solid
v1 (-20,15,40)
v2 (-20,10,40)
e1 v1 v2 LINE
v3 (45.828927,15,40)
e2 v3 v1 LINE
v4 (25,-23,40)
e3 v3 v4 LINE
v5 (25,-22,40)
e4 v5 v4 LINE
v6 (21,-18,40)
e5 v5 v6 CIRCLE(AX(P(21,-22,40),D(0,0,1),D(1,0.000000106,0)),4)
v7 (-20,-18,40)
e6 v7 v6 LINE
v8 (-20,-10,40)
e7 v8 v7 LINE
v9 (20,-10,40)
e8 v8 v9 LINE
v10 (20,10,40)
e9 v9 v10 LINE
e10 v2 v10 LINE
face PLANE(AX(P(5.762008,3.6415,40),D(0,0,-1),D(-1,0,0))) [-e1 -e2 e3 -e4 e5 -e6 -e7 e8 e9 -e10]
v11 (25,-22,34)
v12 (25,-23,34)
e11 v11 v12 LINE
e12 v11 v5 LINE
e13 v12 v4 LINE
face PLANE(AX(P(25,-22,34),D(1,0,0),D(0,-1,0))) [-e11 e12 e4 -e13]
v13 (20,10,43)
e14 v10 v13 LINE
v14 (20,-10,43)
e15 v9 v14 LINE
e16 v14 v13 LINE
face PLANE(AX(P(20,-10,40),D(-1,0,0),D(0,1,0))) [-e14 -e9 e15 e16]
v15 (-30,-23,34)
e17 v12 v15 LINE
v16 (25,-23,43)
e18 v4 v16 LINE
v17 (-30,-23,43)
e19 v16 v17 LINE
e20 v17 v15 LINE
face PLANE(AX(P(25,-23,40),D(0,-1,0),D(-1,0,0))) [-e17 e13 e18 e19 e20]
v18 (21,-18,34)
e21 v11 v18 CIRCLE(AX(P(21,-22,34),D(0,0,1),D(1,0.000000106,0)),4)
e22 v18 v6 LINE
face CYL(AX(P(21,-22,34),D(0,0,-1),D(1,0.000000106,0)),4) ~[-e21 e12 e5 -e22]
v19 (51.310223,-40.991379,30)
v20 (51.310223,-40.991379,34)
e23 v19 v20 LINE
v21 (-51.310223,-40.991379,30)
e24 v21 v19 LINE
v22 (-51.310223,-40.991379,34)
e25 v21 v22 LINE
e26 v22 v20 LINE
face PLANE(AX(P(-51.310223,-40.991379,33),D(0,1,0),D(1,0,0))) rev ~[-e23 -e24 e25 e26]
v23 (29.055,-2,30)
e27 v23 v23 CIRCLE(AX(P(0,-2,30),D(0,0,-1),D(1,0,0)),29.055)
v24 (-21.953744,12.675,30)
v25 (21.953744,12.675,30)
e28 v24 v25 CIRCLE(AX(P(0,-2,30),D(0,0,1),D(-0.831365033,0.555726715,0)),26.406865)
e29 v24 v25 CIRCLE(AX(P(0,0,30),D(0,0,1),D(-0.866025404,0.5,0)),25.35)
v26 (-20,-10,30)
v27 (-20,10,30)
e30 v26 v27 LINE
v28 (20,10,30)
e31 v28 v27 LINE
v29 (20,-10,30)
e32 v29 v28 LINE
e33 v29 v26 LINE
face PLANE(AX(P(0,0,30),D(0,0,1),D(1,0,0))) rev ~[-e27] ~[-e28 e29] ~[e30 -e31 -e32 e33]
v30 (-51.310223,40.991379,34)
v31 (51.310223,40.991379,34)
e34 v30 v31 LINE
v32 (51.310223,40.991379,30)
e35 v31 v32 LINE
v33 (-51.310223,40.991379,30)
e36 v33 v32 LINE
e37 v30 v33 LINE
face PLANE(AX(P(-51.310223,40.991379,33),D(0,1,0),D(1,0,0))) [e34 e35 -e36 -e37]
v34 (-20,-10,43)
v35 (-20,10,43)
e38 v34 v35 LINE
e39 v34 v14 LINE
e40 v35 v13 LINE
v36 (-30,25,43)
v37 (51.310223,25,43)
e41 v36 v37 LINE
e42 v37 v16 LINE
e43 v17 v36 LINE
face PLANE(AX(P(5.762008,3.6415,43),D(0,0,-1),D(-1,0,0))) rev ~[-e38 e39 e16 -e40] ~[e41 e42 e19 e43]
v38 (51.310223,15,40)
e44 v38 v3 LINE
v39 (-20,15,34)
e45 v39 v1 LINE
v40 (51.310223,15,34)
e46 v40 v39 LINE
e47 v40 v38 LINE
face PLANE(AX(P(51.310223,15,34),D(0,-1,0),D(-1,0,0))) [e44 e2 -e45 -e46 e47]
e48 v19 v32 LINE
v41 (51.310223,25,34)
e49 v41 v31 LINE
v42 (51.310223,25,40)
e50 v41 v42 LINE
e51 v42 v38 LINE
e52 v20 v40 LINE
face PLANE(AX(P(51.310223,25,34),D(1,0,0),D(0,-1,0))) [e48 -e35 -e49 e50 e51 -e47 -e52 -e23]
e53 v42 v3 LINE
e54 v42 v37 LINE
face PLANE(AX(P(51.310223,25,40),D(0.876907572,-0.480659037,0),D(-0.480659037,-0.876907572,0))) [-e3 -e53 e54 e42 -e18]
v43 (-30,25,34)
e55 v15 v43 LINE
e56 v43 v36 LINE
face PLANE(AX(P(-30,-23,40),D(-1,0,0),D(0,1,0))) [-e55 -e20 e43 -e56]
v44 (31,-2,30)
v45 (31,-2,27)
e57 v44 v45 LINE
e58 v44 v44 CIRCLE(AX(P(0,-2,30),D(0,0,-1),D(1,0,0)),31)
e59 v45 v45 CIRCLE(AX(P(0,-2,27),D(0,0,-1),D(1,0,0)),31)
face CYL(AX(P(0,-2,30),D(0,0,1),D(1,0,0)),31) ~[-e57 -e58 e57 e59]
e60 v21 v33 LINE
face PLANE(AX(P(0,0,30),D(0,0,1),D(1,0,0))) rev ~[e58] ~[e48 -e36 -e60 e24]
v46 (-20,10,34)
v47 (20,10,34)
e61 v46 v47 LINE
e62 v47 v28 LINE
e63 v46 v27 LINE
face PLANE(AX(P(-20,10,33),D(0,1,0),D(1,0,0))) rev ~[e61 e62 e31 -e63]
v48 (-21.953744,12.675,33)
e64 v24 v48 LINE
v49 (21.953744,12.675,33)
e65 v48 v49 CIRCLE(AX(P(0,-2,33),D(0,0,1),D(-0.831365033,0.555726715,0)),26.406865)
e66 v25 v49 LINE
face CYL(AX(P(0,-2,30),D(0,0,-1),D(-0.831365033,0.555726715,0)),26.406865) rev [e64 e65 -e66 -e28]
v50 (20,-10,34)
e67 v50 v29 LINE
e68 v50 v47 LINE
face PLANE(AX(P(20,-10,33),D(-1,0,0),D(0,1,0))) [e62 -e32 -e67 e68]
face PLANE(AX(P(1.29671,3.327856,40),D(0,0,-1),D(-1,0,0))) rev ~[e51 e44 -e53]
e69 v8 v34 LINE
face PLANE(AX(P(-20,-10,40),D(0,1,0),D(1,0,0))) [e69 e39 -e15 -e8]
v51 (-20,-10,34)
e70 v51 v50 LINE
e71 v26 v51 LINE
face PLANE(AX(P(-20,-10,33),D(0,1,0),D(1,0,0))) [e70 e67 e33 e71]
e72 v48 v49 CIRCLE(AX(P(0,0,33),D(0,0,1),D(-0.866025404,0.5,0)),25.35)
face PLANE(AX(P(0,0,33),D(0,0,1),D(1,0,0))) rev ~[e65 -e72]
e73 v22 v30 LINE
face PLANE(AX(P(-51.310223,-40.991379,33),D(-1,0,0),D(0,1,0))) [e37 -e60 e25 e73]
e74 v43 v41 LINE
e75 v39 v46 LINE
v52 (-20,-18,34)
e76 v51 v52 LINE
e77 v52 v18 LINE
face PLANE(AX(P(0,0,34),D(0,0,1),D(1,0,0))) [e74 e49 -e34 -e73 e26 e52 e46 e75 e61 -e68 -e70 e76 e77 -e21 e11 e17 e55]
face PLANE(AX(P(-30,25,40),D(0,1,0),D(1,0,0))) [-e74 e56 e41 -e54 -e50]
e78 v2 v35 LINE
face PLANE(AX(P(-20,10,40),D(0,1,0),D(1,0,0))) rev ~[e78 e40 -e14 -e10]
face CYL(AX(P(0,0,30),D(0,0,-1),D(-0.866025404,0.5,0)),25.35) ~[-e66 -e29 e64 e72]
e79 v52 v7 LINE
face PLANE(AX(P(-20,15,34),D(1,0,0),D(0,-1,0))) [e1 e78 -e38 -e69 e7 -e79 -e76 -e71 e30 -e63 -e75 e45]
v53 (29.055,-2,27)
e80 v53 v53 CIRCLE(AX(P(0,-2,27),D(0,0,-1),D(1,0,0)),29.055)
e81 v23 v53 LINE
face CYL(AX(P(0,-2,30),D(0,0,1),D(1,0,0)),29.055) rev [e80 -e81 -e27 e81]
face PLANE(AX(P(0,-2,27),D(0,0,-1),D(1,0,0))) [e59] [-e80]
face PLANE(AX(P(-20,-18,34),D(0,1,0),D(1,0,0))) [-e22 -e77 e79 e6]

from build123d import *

# Parameters (mm, degrees)
SKETCH005_W     = 102.620446
SKETCH005_H     = 81.982758
PAD005_DEPTH    = 3
SKETCH006_W     = 102.620446
SKETCH006_H     = 81.982758
SKETCH006_W_2   = 40
SKETCH006_H_2   = 20
PAD006_DEPTH    = 1
PAD006_FACE18_W = 20
PAD006_FACE18_H = 40
POCKET_DEPTH    = 3.001
SKETCH007_R     = 31
SKETCH007_R_2   = 29.055
PAD007_DEPTH    = 3
PAD013_DEPTH    = 6
SKETCH014_W     = 40
SKETCH014_H     = 20
PAD014_DEPTH    = 3


with BuildPart() as part:
    # Sketch005 → Pad005 (new body)
    with BuildSketch(Plane.XY):
        Rectangle(SKETCH005_W, SKETCH005_H)
        with BuildLine():
            ThreePointArc((-21.953744, 12.675), (0, -25.35), (21.953744, 12.675))
            ThreePointArc((-21.953744, 12.675), (0, -28.406865), (21.953744, 12.675))
        make_face(mode=Mode.SUBTRACT)
    extrude(amount=PAD005_DEPTH)

    # Sketch006 (on Face8 of Pad005) → Pad006 (join)
    with BuildSketch(Plane.XY.offset(3)):
        Rectangle(SKETCH006_W, SKETCH006_H)
        Rectangle(SKETCH006_W_2, SKETCH006_H_2, mode=Mode.SUBTRACT)
    extrude(amount=PAD006_DEPTH)

    # Pad006 Face18 → Pocket (cut, through all)
    with BuildSketch(Plane(origin=(0, 0, 3), x_dir=(0, 1, 0), z_dir=(0, 0, 1))):
        Rectangle(PAD006_FACE18_W, PAD006_FACE18_H)
    extrude(amount=-POCKET_DEPTH, mode=Mode.SUBTRACT)

    # Sketch007 (on Face4 of Pocket) → Pad007 (join)
    with BuildSketch(Plane(origin=(0, 0, 0), x_dir=(1, 0, 0), z_dir=(0, 0, -1))):
        with Locations((0, 2)):
            Circle(SKETCH007_R)
        with Locations((0, 2)):
            Circle(SKETCH007_R_2, mode=Mode.SUBTRACT)
    extrude(amount=PAD007_DEPTH)

    # Sketch013 (on Face10 of Pad007) → Pad013 (join)
    with BuildSketch(Plane.XY.offset(4)):
        with BuildLine():
            Line((51.310223, 25), (51.310223, 15))
            Line((51.310223, 15), (-20, 15))
            Line((-20, 15), (-20, -18))
            Line((-20, -18), (21, -18))
            ThreePointArc((25, -22), (23.828427, -19.171573), (21, -18))
            Line((25, -22), (25, -23))
            Line((25, -23), (-30, -23))
            Line((-30, -23), (-30, 25))
            Line((-30, 25), (51.310223, 25))
        make_face()
    extrude(amount=PAD013_DEPTH)

    # Sketch014 (on Face25 of Pad013) → Pad014 (join)
    with BuildSketch(Plane.XY.offset(10)):
        Polygon((51.310223, 25), (25, -23), (-30, -23), (-30, 25), align=None)
        Rectangle(SKETCH014_W, SKETCH014_H, mode=Mode.SUBTRACT)
    extrude(amount=PAD014_DEPTH)


with BuildPart() as part_1:
    # Body002 placement: moved
    add(part.part.moved(Location((0, 0, 30))))


solid = part_1.part
